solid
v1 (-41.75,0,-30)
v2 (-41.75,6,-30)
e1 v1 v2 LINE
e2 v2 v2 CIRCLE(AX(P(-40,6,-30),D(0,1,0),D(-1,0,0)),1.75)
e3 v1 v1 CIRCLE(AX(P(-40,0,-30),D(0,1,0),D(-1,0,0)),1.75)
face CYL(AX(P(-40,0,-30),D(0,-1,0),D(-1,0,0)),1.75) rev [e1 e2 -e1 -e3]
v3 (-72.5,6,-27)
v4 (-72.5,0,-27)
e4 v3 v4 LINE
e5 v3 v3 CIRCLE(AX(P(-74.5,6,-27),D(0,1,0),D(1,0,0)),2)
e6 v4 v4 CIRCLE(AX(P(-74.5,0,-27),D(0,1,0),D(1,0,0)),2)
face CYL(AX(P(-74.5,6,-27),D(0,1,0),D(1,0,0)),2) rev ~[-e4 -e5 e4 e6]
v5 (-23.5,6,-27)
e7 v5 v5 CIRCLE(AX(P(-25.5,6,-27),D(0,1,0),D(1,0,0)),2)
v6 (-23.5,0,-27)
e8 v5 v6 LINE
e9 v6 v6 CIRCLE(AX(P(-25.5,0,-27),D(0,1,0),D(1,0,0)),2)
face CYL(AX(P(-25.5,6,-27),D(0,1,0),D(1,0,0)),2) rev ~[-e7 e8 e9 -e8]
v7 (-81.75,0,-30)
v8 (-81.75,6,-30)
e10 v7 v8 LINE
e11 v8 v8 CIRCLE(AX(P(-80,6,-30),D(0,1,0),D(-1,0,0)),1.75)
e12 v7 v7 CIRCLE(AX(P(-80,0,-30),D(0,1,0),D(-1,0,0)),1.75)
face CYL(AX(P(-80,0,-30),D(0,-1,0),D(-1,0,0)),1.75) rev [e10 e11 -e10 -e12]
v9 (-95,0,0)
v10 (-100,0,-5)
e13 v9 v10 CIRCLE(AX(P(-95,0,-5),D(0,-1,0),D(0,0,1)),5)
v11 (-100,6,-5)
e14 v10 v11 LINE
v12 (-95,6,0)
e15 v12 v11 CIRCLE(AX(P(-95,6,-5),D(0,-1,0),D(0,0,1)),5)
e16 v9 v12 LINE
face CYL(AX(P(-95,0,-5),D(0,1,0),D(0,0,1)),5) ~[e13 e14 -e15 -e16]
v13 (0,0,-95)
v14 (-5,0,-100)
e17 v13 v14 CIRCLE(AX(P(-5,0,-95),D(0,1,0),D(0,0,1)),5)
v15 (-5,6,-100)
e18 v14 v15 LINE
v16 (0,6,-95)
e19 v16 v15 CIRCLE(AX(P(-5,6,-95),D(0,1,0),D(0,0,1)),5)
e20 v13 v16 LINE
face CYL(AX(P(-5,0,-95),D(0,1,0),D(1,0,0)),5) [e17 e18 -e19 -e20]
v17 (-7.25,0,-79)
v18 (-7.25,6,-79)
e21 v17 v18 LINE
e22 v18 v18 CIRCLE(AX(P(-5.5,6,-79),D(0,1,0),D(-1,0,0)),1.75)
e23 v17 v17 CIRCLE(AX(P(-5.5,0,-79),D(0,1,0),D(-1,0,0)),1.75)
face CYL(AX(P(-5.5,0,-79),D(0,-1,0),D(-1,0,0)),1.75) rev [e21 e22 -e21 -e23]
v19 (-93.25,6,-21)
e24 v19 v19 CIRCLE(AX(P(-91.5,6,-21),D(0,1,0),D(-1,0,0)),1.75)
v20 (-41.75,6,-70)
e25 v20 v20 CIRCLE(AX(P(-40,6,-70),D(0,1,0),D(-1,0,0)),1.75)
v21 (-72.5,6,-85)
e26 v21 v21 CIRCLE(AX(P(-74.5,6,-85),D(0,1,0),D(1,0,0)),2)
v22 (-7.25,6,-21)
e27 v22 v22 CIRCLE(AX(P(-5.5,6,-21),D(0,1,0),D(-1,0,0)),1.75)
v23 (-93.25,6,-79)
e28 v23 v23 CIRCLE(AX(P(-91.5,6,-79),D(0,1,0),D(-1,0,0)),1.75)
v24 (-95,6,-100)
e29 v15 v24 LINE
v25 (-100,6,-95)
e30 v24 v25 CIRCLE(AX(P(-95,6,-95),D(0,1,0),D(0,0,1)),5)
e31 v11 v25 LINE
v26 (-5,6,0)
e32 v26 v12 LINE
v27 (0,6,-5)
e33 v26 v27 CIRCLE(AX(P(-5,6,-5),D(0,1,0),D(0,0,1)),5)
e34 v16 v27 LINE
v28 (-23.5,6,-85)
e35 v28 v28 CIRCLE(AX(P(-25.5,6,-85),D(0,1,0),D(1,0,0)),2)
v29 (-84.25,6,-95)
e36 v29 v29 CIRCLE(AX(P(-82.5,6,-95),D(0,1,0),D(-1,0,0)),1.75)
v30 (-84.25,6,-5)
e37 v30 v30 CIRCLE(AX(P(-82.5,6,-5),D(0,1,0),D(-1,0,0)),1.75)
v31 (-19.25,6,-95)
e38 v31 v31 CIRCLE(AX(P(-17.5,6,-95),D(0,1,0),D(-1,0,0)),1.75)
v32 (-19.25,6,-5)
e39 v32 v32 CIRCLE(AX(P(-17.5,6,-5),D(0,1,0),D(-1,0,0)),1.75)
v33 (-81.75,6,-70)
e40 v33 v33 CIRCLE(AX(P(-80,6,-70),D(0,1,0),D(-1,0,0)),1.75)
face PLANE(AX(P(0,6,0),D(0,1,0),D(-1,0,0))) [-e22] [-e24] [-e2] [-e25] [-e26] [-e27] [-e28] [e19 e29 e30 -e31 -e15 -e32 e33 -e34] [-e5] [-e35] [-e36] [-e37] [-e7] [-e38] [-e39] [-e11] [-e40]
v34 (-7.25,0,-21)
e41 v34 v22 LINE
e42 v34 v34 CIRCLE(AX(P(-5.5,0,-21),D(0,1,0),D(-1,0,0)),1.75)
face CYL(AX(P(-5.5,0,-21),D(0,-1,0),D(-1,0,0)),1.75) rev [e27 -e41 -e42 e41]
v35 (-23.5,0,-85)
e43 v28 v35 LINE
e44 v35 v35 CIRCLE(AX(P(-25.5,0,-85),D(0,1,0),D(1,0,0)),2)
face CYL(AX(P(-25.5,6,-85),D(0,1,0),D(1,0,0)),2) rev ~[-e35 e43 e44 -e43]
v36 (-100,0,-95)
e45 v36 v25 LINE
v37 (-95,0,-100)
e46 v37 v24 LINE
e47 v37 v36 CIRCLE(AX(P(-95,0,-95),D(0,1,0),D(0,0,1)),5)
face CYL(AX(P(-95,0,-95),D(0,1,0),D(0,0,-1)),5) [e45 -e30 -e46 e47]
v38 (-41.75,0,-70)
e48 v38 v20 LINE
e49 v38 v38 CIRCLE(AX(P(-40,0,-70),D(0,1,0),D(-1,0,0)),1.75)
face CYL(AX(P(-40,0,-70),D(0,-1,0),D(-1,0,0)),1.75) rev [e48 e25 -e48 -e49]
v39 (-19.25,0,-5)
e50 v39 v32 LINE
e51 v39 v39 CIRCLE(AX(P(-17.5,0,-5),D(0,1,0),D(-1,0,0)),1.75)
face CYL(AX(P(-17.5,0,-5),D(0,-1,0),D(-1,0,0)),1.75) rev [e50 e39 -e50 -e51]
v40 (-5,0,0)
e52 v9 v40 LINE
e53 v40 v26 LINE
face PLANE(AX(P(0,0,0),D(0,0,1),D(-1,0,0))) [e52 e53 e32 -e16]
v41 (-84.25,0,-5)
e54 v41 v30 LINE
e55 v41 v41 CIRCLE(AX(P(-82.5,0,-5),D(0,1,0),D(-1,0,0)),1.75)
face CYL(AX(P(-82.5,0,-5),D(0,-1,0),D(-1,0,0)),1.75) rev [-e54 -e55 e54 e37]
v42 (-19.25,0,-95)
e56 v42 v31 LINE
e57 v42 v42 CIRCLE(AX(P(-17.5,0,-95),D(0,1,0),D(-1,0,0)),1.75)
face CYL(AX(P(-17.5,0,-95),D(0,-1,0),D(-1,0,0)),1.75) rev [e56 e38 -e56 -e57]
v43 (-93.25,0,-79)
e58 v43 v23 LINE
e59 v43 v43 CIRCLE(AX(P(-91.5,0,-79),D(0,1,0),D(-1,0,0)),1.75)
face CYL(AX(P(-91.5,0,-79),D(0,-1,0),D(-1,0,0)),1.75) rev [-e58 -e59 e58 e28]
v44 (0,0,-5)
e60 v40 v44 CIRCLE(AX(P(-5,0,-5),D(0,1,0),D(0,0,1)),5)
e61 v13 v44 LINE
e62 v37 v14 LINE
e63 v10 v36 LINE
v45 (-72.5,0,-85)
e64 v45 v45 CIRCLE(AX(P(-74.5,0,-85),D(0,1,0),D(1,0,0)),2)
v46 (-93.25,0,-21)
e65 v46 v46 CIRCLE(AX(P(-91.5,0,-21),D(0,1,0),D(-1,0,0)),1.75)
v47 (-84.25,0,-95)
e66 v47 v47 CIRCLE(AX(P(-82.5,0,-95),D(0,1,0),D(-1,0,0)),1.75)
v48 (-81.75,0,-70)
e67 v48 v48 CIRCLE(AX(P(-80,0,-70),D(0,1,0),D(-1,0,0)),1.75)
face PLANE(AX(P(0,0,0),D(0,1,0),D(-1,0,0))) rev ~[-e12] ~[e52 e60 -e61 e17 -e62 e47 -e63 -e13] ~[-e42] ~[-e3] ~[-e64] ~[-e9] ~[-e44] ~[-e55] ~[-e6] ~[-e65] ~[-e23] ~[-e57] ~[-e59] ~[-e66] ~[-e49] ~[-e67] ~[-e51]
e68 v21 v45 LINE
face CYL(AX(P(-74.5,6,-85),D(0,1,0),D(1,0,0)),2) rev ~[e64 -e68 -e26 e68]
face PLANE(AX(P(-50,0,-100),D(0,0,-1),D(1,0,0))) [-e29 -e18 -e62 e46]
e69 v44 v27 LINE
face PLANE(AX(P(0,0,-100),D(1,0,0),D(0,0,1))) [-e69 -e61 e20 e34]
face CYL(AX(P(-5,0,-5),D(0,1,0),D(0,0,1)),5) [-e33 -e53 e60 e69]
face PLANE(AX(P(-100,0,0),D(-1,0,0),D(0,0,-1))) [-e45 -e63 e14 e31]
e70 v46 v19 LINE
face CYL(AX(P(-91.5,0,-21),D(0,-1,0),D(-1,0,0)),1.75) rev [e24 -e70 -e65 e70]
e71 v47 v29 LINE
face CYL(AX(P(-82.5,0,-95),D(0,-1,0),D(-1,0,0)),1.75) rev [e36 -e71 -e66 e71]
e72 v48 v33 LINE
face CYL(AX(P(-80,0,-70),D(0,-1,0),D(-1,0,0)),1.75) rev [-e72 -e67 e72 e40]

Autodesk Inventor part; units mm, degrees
ref_plane "YZ Plane" through (0, 0, 0) normal (1, 0, 0) x (0, 1, 0)
ref_plane "XZ Plane" through (0, 0, 0) normal (0, 1, 0) x (-1, 0, 0)
ref_plane "XY Plane" through (0, 0, 0) normal (0, 0, 1) x (1, 0, 0)
sketch "Sketch2" plane through (0, 0, 0) normal (0, 1, 0) x (-1, 0, 0)
  line L0 (0, 0) -> (100, 0)
  line L1 (100, 0) -> (100, -100)
  line L2 (100, -100) -> (0, -100)
  line L3 (0, -100) -> (0, 0)
  circle A0 centre (82.5, -5) radius 1.75
  circle A1 centre (82.5, -95) radius 1.75
  circle A2 centre (17.5, -5) radius 1.75
  circle A3 centre (17.5, -95) radius 1.75
  circle A4 centre (80, -30) radius 1.75
  circle A5 centre (91.5, -21) radius 1.75
  circle A6 centre (91.5, -79) radius 1.75
  circle A7 centre (5.5, -21) radius 1.75
  circle A8 centre (5.5, -79) radius 1.75
  line L4 (50, 0) -> (50, -100)
  circle A9 centre (40, -30) radius 1.75
  circle A10 centre (80, -70) radius 1.75
  circle A11 centre (40, -70) radius 1.75
  dimension "d13" = 100
  dimension "d14" = 100
  dimension "d15" = 3.5
  dimension "d16" = 17.5
  dimension "d17" = 5
  dimension "d20" = 90
  dimension "d23" = 65
  dimension "d26" = 3.5
  dimension "d27" = 20
  dimension "d28" = 30
  dimension "d32" = 3.5
  dimension "d35" = 58
  dimension "d38" = 86
  dimension "d41" = 8.5
  dimension "d42" = 21
  dimension "d51" = 40
  dimension "d54" = 40
extrude "Extrusion2" add sketch "Sketch2" along normal blind 6
fillet "Fillet2" radius 5 4 edges at (0, 3, -100) (-100, 3, -100) (0, 3, 0) (-100, 3, 0)
sketch "Sketch3" plane through (0, 6, 0) normal (0, 1, 0) x (1, 0, 0)
  circle A0 centre (-74.5, 27) radius 2
  line L0 (-100, 95) -> (-100, 5) projected
  line L1 (-95, 0) -> (-5, 0) projected
  circle A1 centre (-25.5, 27) radius 2
  circle A2 centre (-74.5, 85) radius 2
  circle A3 centre (-25.5, 85) radius 2
  point P0 (0, 0)
  dimension "d57" = 4
  dimension "d58" = 25.5
  dimension "d59" = 27
  dimension "d62" = 49
  dimension "d65" = 58
extrude "Extrusion3" cut sketch "Sketch3" against normal through all
properties part number "EboxMounting_Plate"
